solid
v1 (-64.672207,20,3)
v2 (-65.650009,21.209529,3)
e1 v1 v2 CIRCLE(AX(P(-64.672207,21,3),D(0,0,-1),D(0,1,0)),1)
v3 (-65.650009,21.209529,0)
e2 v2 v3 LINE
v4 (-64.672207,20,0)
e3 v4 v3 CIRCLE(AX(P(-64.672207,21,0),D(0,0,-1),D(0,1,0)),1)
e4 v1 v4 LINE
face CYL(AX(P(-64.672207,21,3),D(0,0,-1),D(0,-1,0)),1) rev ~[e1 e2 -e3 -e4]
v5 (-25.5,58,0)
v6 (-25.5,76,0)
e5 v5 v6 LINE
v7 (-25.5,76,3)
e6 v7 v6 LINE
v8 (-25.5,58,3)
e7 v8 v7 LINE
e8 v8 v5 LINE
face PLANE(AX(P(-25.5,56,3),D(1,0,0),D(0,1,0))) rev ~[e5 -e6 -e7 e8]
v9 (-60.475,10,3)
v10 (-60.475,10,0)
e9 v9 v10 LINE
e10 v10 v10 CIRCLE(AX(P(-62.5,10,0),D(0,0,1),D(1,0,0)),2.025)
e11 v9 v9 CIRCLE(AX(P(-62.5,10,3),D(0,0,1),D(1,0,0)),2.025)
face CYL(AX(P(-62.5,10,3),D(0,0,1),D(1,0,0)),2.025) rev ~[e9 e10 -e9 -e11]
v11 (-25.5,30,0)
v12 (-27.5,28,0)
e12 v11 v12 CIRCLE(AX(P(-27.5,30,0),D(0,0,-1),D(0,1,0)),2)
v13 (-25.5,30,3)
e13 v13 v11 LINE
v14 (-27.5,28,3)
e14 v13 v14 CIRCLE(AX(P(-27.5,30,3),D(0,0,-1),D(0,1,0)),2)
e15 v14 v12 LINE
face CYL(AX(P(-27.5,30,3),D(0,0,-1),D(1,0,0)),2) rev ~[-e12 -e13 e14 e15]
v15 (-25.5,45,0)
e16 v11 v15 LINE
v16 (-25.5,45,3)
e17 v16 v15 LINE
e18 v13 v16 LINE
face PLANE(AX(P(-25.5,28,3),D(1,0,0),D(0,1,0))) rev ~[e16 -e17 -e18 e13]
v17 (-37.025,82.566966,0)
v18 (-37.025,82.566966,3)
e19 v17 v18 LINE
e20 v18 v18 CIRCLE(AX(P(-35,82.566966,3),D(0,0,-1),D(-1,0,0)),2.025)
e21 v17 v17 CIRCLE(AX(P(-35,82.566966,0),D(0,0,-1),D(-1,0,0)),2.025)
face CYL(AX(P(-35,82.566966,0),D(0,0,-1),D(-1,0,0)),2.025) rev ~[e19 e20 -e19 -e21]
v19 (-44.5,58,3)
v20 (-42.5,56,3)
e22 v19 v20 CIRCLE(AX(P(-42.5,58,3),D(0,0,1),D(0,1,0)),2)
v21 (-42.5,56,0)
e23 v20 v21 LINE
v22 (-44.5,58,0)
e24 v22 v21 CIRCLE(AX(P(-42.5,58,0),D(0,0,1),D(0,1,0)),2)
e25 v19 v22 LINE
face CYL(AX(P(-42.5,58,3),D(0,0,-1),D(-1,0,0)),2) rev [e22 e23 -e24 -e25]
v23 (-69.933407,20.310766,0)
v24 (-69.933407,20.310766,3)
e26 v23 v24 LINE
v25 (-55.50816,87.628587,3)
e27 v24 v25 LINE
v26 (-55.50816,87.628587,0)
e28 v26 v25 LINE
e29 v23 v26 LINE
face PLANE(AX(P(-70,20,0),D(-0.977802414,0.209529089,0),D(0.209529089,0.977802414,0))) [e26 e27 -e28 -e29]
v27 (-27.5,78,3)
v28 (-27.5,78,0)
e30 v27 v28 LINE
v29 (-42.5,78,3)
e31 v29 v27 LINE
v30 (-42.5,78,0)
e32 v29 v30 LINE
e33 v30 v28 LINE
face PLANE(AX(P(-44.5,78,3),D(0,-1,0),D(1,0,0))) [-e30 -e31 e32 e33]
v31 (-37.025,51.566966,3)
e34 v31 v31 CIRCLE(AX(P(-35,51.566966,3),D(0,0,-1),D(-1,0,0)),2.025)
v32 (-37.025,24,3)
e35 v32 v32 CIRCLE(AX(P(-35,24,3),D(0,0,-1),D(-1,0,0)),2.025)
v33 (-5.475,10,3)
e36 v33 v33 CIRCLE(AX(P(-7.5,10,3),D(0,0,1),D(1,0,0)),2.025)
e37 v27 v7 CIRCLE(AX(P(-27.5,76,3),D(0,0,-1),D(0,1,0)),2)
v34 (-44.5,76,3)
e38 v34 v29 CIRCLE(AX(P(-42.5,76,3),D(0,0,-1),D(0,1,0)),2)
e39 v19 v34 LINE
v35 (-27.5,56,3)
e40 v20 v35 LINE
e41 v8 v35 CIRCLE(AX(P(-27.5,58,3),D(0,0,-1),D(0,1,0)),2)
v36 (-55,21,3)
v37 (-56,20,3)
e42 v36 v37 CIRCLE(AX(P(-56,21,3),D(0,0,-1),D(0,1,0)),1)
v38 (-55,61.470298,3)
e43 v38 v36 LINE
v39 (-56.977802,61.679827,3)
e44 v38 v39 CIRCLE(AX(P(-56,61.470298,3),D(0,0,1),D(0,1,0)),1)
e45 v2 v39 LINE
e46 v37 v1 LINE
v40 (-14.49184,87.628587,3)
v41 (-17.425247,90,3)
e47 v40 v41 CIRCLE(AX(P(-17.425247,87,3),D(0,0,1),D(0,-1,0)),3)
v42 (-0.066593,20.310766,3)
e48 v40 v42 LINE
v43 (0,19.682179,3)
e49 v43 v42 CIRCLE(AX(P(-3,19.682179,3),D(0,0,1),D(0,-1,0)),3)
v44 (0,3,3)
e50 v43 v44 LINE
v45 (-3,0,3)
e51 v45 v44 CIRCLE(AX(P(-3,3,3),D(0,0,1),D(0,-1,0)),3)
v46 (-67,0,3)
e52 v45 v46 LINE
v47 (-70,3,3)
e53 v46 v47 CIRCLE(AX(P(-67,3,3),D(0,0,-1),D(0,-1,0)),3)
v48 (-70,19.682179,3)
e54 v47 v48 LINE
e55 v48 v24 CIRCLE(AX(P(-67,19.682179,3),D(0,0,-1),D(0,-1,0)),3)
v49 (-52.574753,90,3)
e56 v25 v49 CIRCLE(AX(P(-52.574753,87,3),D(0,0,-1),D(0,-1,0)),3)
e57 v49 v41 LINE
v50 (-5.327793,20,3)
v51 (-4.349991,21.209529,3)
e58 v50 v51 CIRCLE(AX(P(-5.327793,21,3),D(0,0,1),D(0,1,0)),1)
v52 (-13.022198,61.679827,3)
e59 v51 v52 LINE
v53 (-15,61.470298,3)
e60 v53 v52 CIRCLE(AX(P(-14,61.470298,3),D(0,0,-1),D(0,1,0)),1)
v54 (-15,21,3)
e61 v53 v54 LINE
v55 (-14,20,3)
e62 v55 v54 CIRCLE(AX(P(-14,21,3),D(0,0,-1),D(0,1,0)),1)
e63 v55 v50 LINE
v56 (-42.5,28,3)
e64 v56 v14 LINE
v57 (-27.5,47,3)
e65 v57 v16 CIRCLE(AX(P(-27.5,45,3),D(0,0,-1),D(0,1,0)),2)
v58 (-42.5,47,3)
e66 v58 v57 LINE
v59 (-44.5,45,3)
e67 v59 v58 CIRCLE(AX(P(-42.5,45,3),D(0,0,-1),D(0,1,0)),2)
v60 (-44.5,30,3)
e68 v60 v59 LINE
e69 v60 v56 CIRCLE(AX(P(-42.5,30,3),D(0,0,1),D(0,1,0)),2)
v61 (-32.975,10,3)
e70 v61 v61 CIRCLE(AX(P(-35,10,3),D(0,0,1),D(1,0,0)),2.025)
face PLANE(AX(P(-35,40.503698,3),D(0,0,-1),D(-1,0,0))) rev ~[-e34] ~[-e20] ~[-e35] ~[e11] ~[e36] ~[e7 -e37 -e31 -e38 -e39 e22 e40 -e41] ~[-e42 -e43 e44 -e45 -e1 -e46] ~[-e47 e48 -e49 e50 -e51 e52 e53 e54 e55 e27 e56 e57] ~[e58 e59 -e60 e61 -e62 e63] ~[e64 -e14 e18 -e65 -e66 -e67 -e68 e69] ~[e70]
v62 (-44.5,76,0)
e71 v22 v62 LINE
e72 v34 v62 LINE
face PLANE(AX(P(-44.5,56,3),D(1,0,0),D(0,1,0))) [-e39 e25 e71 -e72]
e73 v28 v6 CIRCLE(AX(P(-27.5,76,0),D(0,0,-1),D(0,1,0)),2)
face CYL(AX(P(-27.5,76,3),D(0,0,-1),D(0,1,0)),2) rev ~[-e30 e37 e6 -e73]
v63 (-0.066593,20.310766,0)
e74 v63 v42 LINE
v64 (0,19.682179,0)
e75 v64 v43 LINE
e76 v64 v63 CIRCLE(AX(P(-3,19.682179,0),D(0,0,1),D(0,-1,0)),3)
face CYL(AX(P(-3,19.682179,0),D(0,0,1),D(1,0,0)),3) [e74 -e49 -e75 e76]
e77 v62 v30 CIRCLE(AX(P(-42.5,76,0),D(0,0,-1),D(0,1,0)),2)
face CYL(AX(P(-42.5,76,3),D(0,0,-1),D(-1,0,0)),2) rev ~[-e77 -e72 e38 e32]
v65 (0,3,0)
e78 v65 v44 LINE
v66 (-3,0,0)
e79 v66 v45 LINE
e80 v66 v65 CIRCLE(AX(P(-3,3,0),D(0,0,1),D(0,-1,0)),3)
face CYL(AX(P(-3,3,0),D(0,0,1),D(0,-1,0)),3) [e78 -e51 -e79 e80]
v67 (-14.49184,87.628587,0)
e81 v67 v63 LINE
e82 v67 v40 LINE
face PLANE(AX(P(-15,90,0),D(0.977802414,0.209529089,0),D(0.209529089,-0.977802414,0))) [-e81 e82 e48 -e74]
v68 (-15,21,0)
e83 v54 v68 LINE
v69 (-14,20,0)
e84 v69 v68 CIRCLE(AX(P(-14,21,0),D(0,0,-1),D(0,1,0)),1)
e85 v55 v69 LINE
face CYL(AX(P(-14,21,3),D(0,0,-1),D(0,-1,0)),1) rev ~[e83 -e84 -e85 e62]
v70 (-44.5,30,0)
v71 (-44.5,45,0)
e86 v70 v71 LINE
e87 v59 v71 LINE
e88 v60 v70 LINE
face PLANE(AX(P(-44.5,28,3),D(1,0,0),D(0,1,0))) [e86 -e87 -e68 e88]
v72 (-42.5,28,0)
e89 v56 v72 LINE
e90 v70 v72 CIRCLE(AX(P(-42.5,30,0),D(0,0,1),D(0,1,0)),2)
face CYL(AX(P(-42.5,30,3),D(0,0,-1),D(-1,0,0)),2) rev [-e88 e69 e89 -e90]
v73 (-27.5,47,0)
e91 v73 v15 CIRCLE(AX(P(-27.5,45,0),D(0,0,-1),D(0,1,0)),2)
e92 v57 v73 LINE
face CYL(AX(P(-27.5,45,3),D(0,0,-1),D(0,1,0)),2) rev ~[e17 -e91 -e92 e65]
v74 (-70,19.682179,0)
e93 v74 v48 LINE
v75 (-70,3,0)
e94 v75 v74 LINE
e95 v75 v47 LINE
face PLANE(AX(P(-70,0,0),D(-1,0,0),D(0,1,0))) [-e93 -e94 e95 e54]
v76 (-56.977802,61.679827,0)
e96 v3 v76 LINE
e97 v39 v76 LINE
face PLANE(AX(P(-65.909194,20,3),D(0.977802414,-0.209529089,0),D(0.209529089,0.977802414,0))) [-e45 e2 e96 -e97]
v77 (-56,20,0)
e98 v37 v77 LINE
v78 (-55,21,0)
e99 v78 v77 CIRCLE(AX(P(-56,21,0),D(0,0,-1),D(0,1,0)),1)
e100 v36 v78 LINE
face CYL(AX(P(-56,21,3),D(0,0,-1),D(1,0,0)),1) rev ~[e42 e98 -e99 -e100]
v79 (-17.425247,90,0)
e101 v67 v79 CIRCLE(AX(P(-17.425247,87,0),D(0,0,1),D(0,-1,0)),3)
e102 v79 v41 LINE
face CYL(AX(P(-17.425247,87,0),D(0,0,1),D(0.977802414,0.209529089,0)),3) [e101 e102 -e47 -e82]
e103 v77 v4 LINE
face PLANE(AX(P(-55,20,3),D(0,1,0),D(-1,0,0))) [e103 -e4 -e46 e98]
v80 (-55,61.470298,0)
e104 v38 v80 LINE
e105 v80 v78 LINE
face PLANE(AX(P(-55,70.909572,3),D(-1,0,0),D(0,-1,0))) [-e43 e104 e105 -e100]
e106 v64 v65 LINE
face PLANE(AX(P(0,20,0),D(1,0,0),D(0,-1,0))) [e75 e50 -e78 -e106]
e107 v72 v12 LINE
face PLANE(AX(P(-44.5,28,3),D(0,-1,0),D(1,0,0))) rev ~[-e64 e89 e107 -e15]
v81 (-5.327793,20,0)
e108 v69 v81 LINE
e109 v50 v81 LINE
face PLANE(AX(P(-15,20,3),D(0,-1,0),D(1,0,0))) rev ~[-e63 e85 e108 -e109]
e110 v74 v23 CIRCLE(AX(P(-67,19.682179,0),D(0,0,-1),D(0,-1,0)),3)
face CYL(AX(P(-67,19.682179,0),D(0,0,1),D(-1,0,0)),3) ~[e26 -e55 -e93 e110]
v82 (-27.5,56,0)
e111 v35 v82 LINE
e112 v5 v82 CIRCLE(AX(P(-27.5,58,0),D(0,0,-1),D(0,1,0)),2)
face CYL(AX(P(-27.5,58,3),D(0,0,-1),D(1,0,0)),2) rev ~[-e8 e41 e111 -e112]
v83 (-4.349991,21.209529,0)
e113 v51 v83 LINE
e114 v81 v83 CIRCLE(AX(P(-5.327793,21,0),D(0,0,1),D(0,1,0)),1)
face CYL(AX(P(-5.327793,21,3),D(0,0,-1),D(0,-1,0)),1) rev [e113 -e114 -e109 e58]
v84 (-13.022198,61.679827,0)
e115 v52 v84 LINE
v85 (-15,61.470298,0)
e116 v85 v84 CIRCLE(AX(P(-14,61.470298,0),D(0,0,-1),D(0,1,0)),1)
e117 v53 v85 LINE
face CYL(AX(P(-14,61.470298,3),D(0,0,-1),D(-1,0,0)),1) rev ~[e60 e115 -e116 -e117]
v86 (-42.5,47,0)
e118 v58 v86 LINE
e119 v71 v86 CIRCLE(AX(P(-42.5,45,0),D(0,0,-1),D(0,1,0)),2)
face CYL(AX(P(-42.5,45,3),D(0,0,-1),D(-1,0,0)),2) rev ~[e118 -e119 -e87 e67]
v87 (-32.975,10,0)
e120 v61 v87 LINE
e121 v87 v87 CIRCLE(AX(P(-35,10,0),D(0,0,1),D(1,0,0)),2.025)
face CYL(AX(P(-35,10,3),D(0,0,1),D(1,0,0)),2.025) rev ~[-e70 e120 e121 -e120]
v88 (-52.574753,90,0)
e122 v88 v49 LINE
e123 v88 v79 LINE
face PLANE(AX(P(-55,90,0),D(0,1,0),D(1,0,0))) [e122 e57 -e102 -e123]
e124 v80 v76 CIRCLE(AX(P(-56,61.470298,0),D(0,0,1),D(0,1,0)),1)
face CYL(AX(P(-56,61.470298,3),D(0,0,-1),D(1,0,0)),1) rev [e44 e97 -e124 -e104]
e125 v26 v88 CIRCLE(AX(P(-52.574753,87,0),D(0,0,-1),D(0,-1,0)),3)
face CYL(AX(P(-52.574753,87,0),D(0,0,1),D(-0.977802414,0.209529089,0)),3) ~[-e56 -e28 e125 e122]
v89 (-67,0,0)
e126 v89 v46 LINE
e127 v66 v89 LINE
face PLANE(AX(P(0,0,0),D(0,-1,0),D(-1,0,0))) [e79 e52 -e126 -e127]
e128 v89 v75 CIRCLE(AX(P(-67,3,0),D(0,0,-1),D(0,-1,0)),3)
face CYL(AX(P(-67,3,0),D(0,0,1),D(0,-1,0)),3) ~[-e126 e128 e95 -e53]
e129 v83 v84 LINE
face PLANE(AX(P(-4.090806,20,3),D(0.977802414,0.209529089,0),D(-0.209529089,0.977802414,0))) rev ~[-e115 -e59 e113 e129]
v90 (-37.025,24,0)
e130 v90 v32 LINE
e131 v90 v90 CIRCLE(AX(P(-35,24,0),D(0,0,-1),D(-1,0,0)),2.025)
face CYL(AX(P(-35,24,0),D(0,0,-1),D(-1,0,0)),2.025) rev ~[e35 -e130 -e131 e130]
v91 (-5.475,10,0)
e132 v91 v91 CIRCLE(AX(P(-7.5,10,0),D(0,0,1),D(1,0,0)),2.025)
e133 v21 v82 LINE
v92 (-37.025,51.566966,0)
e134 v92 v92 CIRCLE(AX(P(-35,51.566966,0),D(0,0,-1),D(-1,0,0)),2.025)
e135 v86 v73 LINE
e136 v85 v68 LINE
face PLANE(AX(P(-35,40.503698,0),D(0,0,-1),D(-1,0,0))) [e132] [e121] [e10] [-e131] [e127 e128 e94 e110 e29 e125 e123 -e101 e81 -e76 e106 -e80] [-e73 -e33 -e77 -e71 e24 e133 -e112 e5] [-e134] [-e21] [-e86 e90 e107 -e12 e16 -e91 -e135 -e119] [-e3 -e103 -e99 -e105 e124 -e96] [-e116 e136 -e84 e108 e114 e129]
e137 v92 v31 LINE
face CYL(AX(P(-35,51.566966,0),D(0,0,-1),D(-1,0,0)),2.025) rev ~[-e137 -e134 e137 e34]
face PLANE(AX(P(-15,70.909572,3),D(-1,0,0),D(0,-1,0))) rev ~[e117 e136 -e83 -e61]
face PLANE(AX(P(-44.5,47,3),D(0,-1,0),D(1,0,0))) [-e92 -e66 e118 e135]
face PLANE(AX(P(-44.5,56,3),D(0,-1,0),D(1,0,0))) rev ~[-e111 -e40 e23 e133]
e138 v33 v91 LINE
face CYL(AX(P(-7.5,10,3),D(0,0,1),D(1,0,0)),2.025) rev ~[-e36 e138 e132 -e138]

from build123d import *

# Parameters (mm, degrees)
EXTRUDE_1_DEPTH     = 3
SKETCH_3_W          = 19
SKETCH_3_H          = 22
SKETCH_3_H_2        = 19
CUT_EXTRUDE_1_DEPTH = 3
FILLET_1_R          = 1
FILLET_2_R          = 2
FILLET_3_R          = 3
SKETCH_4_R          = 2.025
CUT_EXTRUDE_2_DEPTH = 3
SKETCH_5_R          = 2.025
CUT_EXTRUDE_3_DEPTH = 10


with BuildPart() as part:
    # 草图1 → 凸台-拉伸1 (new body)
    with BuildSketch(Plane.XY):
        Polygon((0, 0), (-70, 0), (-70, 20), (-55, 90), (-15, 90), (0, 20), align=None)
    extrude(amount=EXTRUDE_1_DEPTH)

    # 草图3 → 切除-拉伸1 (cut)
    with BuildSketch(Plane.XY.offset(3)):
        with Locations((-35, 67)):
            Rectangle(SKETCH_3_W, SKETCH_3_H)
        with Locations((-35, 37.5)):
            Rectangle(SKETCH_3_W, SKETCH_3_H_2)
        Polygon((-55, 70.909571916), (-55, 20), (-65.909193982, 20), align=None)
        Polygon((-4.090806018, 20), (-15, 70.909571916), (-15, 20), align=None)
    extrude(amount=-CUT_EXTRUDE_1_DEPTH, mode=Mode.SUBTRACT)

    # 圆角1
    fillet_1_edges = [part.edges().sort_by_distance(p)[0] for p in [
        (-4.090806018, 20, 1.5),
        (-15, 20, 1.5),
        (-15, 70.909571916, 1.5),
        (-65.909193982, 20, 1.5),
        (-55, 70.909571916, 1.5),
        (-55, 20, 1.5),
    ]]
    fillet(fillet_1_edges, radius=FILLET_1_R)

    # 圆角2
    fillet_2_edges = [part.edges().sort_by_distance(p)[0] for p in [
        (-25.5, 47, 1.5),
        (-25.5, 28, 1.5),
        (-44.5, 28, 1.5),
        (-44.5, 47, 1.5),
        (-25.5, 78, 1.5),
        (-25.5, 56, 1.5),
        (-44.5, 56, 1.5),
        (-44.5, 78, 1.5),
    ]]
    fillet(fillet_2_edges, radius=FILLET_2_R)

    # 圆角3
    fillet_3_edges = [part.edges().sort_by_distance(p)[0] for p in [
        (0, 0, 1.5),
        (-70, 0, 1.5),
        (-70, 20, 1.5),
        (-55, 90, 1.5),
        (-15, 90, 1.5),
        (0, 20, 1.5),
    ]]
    fillet(fillet_3_edges, radius=FILLET_3_R)

    # 草图4 → 切除-拉伸2 (cut)
    with BuildSketch(Plane.XY.offset(3)):
        with Locations((-62.5, 10)):
            Circle(SKETCH_4_R)
        with Locations((-35, 10)):
            Circle(SKETCH_4_R)
        with Locations((-7.5, 10)):
            Circle(SKETCH_4_R)
    extrude(amount=-CUT_EXTRUDE_2_DEPTH, mode=Mode.SUBTRACT)

    # 草图5 → 切除-拉伸3 (cut)
    with BuildSketch(Plane(origin=(0, 0, 0), x_dir=(-1, 0, 0), z_dir=(0, 0, -1))):
        with Locations((35, 82.566965626)):
            Circle(SKETCH_5_R)
        with Locations((35, 51.566965626)):
            Circle(SKETCH_5_R)
        with Locations((35, 24)):
            Circle(SKETCH_5_R)
    extrude(amount=-CUT_EXTRUDE_3_DEPTH, mode=Mode.SUBTRACT)


solid = part.part
